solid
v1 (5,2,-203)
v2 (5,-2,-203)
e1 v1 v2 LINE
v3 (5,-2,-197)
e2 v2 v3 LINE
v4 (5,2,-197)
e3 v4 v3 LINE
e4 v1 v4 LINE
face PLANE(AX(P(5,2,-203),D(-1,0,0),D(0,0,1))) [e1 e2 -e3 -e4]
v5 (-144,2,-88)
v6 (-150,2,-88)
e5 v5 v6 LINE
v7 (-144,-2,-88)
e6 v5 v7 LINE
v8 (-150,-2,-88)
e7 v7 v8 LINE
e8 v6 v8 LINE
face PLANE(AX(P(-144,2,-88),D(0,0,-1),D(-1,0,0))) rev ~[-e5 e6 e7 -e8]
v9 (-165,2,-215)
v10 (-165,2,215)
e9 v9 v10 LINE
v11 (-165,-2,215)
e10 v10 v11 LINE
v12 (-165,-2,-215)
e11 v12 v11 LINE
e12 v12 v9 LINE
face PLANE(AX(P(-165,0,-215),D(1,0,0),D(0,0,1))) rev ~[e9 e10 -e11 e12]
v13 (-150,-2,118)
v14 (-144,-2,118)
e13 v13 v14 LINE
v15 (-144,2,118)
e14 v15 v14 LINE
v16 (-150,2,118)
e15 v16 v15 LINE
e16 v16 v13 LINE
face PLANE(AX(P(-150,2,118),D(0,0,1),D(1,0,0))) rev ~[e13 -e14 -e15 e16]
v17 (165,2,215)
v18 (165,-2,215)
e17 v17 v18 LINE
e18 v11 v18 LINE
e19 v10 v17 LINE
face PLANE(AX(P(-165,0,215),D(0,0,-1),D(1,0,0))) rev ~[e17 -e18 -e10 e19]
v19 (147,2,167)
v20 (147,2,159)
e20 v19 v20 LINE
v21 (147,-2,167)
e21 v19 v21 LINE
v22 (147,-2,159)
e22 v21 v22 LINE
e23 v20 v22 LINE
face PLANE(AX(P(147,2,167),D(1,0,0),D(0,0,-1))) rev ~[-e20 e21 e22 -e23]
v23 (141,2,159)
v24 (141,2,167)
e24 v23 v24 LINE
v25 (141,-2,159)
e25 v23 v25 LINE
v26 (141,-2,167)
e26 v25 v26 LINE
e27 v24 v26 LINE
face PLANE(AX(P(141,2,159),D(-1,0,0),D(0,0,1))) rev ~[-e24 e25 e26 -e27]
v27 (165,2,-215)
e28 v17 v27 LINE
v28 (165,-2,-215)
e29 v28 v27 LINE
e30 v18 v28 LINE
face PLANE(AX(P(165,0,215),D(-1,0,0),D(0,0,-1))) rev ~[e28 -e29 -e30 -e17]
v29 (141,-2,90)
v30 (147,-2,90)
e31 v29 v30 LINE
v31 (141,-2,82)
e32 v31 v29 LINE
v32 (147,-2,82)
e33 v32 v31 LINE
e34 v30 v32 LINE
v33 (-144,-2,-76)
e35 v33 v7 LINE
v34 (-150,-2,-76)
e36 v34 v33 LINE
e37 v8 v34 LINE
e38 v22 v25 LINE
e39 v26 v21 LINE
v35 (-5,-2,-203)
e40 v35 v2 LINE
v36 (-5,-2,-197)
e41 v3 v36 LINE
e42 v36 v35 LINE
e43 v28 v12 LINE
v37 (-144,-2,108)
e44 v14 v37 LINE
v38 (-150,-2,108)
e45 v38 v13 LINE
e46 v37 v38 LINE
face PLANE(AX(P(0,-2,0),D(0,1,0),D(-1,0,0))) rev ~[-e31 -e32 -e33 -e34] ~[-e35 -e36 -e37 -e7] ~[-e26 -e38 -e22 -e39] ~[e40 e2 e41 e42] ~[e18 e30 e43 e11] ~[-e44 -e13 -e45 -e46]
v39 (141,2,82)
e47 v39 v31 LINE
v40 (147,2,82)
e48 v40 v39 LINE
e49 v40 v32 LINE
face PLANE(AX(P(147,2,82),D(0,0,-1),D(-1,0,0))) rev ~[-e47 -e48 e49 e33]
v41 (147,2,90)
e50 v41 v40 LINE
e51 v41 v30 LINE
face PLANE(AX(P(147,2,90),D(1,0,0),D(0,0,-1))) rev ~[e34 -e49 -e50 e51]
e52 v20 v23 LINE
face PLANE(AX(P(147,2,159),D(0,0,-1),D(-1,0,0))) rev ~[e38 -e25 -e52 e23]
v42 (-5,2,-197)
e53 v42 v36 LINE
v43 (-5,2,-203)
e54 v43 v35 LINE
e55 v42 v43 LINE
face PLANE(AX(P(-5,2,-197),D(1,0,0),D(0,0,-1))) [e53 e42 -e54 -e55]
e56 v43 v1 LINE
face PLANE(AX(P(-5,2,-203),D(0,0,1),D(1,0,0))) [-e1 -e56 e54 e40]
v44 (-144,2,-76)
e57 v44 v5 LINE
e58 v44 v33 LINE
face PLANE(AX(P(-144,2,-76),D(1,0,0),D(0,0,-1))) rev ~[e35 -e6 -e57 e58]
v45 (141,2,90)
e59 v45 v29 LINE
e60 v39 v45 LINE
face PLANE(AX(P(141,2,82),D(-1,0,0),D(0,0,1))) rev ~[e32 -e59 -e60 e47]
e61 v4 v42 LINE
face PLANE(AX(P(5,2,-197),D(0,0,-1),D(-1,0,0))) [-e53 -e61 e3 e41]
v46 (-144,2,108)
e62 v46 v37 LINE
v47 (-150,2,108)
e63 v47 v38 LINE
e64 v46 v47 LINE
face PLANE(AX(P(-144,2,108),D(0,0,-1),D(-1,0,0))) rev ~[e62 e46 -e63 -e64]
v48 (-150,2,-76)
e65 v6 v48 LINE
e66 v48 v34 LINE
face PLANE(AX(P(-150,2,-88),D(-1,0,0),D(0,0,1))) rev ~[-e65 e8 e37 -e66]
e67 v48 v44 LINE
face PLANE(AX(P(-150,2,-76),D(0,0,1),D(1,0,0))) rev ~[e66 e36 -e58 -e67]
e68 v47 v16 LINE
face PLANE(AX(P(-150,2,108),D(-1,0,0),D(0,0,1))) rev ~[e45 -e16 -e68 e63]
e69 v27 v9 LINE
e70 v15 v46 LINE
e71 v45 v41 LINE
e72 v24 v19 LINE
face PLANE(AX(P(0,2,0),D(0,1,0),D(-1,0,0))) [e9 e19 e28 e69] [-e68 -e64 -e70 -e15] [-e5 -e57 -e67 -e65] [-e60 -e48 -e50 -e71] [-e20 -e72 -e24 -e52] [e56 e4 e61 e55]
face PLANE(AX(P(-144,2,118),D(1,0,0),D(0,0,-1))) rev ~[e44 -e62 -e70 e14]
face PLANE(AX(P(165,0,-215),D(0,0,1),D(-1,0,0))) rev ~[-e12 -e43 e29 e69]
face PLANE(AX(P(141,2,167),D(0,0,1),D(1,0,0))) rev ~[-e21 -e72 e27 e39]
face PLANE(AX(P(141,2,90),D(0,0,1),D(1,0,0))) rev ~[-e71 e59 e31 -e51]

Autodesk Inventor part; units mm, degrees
ref_plane "YZ Plane" through (0, 0, 0) normal (1, 0, 0) x (0, 1, 0)
ref_plane "XZ Plane" through (0, 0, 0) normal (0, 1, 0) x (-1, 0, 0)
ref_plane "XY Plane" through (0, 0, 0) normal (0, 0, 1) x (1, 0, 0)
sketch "Szkic1" plane through (0, 0, 0) normal (0, 1, 0) x (-1, 0, 0)
  line L0 (-165, -215) -> (165, -215)
  line L1 (165, -215) -> (165, 215)
  line L2 (165, 215) -> (-165, 215)
  line L3 (-165, 215) -> (-165, -215)
  line L4 (-165, -215) -> (165, 215) construction
  line L5 (165, -215) -> (-165, 215) construction
  point P0 (0, 0)
  dimension "d0" = 330
  dimension "d1" = 430
extrude "Wyciągnięcie proste1" add sketch "Szkic1" along normal mid plane 4
sketch "Szkic2" plane through (0, 2, 0) normal (0, 1, 0) x (1, 0, 0)
  line L0 (165, -215) -> (165, 215) projected
  line L1 (-165, -215) -> (165, -215) projected
  line L2 (165, 215) -> (-165, 215) projected
  line L3 (147, -159) -> (141, -159)
  line L4 (141, -159) -> (141, -167)
  line L5 (141, -167) -> (147, -167)
  line L6 (147, -167) -> (147, -159)
  line L7 (147, -82) -> (141, -82)
  line L8 (141, -82) -> (141, -90)
  line L9 (141, -90) -> (147, -90)
  line L10 (147, -90) -> (147, -82)
  line L11 (-165, 215) -> (-165, -215) projected
  line L12 (-150, -118) -> (-144, -118)
  line L13 (-144, -118) -> (-144, -108)
  line L14 (-144, -108) -> (-150, -108)
  line L15 (-150, -108) -> (-150, -118)
  line L16 (-150, 76) -> (-144, 76)
  line L17 (-144, 76) -> (-144, 88)
  line L18 (-144, 88) -> (-150, 88)
  line L19 (-150, 88) -> (-150, 76)
  line L20 (5, 197) -> (-5, 197)
  line L21 (-5, 197) -> (-5, 203)
  line L22 (-5, 203) -> (5, 203)
  line L23 (5, 203) -> (5, 197)
  point P0 (0, 0)
  dimension "d39" = 48
  dimension "d40" = 6
  dimension "d41" = 18
  dimension "d42" = 8
  dimension "d43" = 125
  dimension "d44" = 8
  dimension "d45" = 18
  dimension "d46" = 6
  dimension "d59" = 6
  dimension "d60" = 10
  dimension "d61" = 15
  dimension "d62" = 97
  dimension "d65" = 6
  dimension "d66" = 12
  dimension "d67" = 15
  dimension "d68" = 127
  dimension "d71" = 12
  dimension "d72" = 6
  dimension "d73" = 160
  dimension "d74" = 10
extrude "Wyciągnięcie proste7" cut sketch "Szkic2" against normal through all contours L6 L5 L4 L3 | L10 L9 L8 L7 | L15 L14 L13 L12
extrude "Wyciągnięcie proste8" cut sketch "Szkic2" against normal through all contours L19 L18 L17 L16
extrude "Wyciągnięcie proste9" cut sketch "Szkic2" against normal through all contours L20 L21 L22 L23
properties part number "MainFloorPanel" material "Drewno (wiśnia)"
